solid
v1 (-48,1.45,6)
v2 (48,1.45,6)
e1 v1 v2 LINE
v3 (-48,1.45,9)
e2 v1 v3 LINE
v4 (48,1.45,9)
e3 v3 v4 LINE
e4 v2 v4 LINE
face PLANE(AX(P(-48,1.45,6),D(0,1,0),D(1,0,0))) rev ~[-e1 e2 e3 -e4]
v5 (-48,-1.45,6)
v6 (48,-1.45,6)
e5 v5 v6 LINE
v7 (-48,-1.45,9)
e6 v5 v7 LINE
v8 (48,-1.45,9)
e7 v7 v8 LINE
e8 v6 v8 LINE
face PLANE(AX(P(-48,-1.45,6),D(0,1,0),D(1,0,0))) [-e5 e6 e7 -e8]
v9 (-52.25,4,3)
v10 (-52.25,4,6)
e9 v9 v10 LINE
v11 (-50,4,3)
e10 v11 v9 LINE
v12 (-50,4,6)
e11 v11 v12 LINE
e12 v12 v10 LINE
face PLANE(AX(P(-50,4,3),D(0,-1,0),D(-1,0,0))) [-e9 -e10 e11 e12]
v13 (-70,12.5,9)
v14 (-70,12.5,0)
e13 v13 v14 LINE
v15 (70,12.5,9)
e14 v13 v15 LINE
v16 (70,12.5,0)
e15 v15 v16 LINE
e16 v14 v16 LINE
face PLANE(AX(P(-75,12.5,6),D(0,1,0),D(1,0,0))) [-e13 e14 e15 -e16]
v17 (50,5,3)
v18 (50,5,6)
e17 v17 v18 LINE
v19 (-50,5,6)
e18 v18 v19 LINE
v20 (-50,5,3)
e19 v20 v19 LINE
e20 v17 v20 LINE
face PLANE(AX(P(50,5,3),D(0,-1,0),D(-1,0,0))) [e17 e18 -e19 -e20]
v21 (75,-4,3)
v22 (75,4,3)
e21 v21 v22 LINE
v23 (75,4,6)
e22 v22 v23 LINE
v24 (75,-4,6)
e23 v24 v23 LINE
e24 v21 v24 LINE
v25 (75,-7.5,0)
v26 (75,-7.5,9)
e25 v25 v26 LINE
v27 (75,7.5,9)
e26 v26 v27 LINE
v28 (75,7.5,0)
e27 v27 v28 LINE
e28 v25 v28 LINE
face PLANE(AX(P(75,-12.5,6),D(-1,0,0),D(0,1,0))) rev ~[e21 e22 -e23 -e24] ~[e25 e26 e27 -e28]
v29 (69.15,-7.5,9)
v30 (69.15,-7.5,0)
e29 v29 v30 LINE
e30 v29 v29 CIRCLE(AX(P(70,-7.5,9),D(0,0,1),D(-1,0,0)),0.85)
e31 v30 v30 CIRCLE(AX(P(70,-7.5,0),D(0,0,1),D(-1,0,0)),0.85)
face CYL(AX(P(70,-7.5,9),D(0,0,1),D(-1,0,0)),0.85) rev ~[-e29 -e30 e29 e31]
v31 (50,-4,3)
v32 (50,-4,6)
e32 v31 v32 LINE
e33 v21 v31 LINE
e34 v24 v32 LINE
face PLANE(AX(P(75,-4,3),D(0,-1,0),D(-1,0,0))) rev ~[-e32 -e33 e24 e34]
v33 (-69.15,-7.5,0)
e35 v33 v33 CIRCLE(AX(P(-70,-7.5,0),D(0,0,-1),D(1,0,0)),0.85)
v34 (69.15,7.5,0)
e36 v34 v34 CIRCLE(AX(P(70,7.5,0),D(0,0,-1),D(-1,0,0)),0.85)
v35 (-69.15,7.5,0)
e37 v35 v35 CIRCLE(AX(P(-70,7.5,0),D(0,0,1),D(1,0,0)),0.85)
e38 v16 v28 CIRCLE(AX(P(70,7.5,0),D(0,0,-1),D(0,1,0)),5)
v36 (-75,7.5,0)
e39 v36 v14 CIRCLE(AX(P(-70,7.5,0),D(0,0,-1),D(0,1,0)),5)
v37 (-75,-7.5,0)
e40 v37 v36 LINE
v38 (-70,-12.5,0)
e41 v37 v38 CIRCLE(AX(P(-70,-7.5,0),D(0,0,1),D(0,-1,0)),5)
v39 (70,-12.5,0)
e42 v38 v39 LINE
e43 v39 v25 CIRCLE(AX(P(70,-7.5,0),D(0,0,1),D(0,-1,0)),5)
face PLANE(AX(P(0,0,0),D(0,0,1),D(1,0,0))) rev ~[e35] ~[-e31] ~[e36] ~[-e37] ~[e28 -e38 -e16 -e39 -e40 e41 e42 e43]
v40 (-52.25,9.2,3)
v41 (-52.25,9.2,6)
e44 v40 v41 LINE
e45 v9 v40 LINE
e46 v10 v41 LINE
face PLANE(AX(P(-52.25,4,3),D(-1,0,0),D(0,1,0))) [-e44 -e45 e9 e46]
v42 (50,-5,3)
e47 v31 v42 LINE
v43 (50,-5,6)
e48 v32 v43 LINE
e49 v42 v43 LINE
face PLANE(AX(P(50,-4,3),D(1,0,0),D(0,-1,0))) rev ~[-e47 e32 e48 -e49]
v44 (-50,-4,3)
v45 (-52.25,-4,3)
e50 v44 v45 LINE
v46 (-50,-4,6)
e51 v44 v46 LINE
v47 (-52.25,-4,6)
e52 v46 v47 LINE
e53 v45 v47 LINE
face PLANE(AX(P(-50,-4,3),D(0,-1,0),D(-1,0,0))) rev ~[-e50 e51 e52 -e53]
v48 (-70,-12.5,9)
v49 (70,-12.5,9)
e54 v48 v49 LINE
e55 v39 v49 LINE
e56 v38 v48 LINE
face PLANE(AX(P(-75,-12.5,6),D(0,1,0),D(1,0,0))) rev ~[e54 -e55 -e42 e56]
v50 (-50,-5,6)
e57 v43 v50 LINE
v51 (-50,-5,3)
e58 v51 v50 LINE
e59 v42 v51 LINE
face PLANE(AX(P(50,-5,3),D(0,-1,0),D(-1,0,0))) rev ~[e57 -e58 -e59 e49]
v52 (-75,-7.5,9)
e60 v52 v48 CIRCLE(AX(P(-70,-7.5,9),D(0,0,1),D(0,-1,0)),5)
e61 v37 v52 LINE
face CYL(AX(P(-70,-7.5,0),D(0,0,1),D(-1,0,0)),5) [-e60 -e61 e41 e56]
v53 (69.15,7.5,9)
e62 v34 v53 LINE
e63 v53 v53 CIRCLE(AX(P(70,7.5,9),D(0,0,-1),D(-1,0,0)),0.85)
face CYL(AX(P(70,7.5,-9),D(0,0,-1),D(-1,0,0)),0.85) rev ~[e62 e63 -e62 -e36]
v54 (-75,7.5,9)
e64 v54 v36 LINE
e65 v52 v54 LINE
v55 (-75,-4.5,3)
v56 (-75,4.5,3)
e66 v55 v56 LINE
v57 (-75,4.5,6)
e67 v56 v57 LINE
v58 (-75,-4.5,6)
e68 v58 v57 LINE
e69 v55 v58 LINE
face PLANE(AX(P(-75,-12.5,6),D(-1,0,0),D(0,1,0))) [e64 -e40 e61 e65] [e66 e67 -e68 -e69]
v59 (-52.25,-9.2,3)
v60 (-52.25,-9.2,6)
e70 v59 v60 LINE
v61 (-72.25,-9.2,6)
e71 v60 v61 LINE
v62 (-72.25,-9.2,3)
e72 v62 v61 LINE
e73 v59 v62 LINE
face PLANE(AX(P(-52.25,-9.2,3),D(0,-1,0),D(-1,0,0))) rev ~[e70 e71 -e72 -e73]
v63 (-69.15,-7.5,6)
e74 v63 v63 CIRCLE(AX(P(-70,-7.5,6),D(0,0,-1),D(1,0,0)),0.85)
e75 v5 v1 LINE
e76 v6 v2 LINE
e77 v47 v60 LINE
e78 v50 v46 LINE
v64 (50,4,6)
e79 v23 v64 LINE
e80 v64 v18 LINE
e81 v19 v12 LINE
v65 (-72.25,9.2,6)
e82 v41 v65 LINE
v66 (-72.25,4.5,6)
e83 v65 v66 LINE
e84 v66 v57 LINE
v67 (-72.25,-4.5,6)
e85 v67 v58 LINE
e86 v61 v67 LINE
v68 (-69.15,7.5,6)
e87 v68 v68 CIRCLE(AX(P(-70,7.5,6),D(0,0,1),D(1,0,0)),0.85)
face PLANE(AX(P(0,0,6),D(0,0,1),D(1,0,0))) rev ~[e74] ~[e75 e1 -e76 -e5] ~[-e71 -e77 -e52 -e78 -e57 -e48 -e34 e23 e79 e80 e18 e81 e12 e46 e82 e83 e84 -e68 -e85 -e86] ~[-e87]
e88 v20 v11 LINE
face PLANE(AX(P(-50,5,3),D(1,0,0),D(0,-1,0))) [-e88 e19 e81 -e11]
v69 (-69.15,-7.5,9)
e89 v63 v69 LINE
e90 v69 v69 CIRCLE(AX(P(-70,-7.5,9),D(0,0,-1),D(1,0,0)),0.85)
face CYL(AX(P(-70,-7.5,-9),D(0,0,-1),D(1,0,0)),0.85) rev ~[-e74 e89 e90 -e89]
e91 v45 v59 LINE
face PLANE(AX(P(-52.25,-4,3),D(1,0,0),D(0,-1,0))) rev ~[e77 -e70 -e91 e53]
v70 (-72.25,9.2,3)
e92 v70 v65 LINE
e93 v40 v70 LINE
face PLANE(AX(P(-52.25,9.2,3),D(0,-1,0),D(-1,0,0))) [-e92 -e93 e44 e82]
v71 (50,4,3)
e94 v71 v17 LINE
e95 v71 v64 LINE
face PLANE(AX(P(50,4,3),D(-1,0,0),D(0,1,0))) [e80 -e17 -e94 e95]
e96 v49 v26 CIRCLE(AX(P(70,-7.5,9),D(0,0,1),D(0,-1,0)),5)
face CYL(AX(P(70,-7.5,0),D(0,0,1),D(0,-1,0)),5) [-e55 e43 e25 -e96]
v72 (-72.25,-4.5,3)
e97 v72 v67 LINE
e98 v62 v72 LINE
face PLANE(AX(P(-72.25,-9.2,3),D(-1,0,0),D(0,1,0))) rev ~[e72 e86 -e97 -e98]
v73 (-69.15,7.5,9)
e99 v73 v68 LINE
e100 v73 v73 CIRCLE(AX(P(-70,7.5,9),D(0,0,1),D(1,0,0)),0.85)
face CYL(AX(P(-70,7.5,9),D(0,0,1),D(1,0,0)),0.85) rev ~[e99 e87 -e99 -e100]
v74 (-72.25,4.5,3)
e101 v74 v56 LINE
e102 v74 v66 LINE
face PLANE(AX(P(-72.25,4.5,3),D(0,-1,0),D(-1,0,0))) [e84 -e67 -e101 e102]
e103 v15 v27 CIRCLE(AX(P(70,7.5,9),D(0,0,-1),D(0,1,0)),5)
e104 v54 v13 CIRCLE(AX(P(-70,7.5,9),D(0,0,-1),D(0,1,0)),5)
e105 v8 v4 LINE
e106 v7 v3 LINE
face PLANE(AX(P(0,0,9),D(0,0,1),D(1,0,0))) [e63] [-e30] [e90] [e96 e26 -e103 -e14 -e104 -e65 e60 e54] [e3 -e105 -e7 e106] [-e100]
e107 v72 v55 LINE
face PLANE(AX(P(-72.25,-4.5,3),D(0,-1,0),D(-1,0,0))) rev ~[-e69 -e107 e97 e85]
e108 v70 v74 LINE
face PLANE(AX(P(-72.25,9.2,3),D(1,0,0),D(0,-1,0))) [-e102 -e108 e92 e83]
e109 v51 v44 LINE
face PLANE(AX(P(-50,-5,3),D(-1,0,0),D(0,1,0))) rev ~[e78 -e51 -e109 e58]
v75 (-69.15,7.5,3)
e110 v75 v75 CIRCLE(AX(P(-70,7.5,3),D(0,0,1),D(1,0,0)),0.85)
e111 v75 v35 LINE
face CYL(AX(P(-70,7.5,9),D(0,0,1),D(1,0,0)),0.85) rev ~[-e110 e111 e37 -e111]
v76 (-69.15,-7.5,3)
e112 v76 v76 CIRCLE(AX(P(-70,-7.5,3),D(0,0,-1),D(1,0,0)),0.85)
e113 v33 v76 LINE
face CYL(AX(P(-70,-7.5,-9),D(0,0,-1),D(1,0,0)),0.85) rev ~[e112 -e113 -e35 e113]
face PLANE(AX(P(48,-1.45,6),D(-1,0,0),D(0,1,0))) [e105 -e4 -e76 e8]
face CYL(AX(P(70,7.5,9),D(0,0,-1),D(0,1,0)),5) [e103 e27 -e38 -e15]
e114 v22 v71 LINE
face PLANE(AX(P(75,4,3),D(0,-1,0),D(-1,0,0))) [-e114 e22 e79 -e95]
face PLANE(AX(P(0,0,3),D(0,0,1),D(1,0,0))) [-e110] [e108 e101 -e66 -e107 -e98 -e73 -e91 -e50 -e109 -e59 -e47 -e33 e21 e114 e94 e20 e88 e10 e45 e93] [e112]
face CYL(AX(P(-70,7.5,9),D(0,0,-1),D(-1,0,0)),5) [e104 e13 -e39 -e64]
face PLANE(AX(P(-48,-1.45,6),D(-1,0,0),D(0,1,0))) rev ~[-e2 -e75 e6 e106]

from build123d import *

# Parameters (mm, degrees)
SKETCH_W              = 150
SKETCH_H              = 25
PAD_DEPTH             = 3
PAD001_DEPTH          = 3
SKETCH004_W           = 150
SKETCH004_H           = 25
SKETCH004_W_2         = 96
SKETCH004_H_2         = 2.9
PAD002_DEPTH          = 3
SKETCH005_R           = 0.85
POCKET_DEPTH          = 313.671314
POLARPATTERN_COUNT    = 2
POLARPATTERN001_COUNT = 2
POLARPATTERN002_COUNT = 2
FILLET_R              = 5


with BuildPart() as part:
    # Sketch → Pad (new body)
    with BuildSketch(Plane.XY):
        Rectangle(SKETCH_W, SKETCH_H)
    extrude(amount=PAD_DEPTH)

    # Sketch001 (on Face6 of Pad) → Pad001 (join)
    with BuildSketch(Plane.XY.offset(3)):
        Polygon((-75, 12.5), (75, 12.5), (75, 4), (50, 4), (50, 5), (-50, 5), (-50, 4), (-52.25, 4), (-52.25, 9.2), (-72.25, 9.2), (-72.25, 4.5), (-75, 4.5), align=None)
        Polygon((-75, -12.5), (75, -12.5), (75, -4), (50, -4), (50, -5), (-50, -5), (-50, -4), (-52.25, -4), (-52.25, -9.2), (-72.25, -9.2), (-72.25, -4.5), (-75, -4.5), align=None)
    extrude(amount=PAD001_DEPTH)

    # Sketch004 (on Face12 of Pad001) → Pad002 (join)
    with BuildSketch(Plane.XY.offset(6)):
        Rectangle(SKETCH004_W, SKETCH004_H)
        Rectangle(SKETCH004_W_2, SKETCH004_H_2, mode=Mode.SUBTRACT)
    extrude(amount=PAD002_DEPTH)

    # Sketch005 (on Face34 of Pad002) → Pocket (cut, through all)
    with BuildSketch(Plane.XY.offset(9)):
        with Locations((-70, 7.5)):
            Circle(SKETCH005_R)
    pocket = extrude(amount=-POCKET_DEPTH, mode=Mode.SUBTRACT)

    # PolarPattern: Pocket ×2 about axis
    polarpattern_axis = Axis((0, 0, 9), (0, 0, 1))
    for i in range(1, POLARPATTERN_COUNT):
        add(pocket.rotate(polarpattern_axis, i * 360 / POLARPATTERN_COUNT), mode=Mode.SUBTRACT)

    # PolarPattern001: Pocket ×2 about axis
    polarpattern001_axis = Axis((0, 0, 0), (0, 1, 0))
    for i in range(1, POLARPATTERN001_COUNT):
        add(pocket.rotate(polarpattern001_axis, i * 360 / POLARPATTERN001_COUNT), mode=Mode.SUBTRACT)

    # PolarPattern002: Pocket ×2 about axis
    polarpattern002_axis = Axis((0, 0, 0), (1, 0, 0))
    for i in range(1, POLARPATTERN002_COUNT):
        add(pocket.rotate(polarpattern002_axis, i * 360 / POLARPATTERN002_COUNT), mode=Mode.SUBTRACT)

    # Fillet
    fillet_edges = [part.edges().sort_by_distance(p)[0] for p in [
        (75, -12.5, 7.5),
        (75, 12.5, 7.5),
        (-75, -12.5, 7.5),
        (-75, 12.5, 7.5),
    ]]
    fillet(fillet_edges, radius=FILLET_R)


solid = part.part
